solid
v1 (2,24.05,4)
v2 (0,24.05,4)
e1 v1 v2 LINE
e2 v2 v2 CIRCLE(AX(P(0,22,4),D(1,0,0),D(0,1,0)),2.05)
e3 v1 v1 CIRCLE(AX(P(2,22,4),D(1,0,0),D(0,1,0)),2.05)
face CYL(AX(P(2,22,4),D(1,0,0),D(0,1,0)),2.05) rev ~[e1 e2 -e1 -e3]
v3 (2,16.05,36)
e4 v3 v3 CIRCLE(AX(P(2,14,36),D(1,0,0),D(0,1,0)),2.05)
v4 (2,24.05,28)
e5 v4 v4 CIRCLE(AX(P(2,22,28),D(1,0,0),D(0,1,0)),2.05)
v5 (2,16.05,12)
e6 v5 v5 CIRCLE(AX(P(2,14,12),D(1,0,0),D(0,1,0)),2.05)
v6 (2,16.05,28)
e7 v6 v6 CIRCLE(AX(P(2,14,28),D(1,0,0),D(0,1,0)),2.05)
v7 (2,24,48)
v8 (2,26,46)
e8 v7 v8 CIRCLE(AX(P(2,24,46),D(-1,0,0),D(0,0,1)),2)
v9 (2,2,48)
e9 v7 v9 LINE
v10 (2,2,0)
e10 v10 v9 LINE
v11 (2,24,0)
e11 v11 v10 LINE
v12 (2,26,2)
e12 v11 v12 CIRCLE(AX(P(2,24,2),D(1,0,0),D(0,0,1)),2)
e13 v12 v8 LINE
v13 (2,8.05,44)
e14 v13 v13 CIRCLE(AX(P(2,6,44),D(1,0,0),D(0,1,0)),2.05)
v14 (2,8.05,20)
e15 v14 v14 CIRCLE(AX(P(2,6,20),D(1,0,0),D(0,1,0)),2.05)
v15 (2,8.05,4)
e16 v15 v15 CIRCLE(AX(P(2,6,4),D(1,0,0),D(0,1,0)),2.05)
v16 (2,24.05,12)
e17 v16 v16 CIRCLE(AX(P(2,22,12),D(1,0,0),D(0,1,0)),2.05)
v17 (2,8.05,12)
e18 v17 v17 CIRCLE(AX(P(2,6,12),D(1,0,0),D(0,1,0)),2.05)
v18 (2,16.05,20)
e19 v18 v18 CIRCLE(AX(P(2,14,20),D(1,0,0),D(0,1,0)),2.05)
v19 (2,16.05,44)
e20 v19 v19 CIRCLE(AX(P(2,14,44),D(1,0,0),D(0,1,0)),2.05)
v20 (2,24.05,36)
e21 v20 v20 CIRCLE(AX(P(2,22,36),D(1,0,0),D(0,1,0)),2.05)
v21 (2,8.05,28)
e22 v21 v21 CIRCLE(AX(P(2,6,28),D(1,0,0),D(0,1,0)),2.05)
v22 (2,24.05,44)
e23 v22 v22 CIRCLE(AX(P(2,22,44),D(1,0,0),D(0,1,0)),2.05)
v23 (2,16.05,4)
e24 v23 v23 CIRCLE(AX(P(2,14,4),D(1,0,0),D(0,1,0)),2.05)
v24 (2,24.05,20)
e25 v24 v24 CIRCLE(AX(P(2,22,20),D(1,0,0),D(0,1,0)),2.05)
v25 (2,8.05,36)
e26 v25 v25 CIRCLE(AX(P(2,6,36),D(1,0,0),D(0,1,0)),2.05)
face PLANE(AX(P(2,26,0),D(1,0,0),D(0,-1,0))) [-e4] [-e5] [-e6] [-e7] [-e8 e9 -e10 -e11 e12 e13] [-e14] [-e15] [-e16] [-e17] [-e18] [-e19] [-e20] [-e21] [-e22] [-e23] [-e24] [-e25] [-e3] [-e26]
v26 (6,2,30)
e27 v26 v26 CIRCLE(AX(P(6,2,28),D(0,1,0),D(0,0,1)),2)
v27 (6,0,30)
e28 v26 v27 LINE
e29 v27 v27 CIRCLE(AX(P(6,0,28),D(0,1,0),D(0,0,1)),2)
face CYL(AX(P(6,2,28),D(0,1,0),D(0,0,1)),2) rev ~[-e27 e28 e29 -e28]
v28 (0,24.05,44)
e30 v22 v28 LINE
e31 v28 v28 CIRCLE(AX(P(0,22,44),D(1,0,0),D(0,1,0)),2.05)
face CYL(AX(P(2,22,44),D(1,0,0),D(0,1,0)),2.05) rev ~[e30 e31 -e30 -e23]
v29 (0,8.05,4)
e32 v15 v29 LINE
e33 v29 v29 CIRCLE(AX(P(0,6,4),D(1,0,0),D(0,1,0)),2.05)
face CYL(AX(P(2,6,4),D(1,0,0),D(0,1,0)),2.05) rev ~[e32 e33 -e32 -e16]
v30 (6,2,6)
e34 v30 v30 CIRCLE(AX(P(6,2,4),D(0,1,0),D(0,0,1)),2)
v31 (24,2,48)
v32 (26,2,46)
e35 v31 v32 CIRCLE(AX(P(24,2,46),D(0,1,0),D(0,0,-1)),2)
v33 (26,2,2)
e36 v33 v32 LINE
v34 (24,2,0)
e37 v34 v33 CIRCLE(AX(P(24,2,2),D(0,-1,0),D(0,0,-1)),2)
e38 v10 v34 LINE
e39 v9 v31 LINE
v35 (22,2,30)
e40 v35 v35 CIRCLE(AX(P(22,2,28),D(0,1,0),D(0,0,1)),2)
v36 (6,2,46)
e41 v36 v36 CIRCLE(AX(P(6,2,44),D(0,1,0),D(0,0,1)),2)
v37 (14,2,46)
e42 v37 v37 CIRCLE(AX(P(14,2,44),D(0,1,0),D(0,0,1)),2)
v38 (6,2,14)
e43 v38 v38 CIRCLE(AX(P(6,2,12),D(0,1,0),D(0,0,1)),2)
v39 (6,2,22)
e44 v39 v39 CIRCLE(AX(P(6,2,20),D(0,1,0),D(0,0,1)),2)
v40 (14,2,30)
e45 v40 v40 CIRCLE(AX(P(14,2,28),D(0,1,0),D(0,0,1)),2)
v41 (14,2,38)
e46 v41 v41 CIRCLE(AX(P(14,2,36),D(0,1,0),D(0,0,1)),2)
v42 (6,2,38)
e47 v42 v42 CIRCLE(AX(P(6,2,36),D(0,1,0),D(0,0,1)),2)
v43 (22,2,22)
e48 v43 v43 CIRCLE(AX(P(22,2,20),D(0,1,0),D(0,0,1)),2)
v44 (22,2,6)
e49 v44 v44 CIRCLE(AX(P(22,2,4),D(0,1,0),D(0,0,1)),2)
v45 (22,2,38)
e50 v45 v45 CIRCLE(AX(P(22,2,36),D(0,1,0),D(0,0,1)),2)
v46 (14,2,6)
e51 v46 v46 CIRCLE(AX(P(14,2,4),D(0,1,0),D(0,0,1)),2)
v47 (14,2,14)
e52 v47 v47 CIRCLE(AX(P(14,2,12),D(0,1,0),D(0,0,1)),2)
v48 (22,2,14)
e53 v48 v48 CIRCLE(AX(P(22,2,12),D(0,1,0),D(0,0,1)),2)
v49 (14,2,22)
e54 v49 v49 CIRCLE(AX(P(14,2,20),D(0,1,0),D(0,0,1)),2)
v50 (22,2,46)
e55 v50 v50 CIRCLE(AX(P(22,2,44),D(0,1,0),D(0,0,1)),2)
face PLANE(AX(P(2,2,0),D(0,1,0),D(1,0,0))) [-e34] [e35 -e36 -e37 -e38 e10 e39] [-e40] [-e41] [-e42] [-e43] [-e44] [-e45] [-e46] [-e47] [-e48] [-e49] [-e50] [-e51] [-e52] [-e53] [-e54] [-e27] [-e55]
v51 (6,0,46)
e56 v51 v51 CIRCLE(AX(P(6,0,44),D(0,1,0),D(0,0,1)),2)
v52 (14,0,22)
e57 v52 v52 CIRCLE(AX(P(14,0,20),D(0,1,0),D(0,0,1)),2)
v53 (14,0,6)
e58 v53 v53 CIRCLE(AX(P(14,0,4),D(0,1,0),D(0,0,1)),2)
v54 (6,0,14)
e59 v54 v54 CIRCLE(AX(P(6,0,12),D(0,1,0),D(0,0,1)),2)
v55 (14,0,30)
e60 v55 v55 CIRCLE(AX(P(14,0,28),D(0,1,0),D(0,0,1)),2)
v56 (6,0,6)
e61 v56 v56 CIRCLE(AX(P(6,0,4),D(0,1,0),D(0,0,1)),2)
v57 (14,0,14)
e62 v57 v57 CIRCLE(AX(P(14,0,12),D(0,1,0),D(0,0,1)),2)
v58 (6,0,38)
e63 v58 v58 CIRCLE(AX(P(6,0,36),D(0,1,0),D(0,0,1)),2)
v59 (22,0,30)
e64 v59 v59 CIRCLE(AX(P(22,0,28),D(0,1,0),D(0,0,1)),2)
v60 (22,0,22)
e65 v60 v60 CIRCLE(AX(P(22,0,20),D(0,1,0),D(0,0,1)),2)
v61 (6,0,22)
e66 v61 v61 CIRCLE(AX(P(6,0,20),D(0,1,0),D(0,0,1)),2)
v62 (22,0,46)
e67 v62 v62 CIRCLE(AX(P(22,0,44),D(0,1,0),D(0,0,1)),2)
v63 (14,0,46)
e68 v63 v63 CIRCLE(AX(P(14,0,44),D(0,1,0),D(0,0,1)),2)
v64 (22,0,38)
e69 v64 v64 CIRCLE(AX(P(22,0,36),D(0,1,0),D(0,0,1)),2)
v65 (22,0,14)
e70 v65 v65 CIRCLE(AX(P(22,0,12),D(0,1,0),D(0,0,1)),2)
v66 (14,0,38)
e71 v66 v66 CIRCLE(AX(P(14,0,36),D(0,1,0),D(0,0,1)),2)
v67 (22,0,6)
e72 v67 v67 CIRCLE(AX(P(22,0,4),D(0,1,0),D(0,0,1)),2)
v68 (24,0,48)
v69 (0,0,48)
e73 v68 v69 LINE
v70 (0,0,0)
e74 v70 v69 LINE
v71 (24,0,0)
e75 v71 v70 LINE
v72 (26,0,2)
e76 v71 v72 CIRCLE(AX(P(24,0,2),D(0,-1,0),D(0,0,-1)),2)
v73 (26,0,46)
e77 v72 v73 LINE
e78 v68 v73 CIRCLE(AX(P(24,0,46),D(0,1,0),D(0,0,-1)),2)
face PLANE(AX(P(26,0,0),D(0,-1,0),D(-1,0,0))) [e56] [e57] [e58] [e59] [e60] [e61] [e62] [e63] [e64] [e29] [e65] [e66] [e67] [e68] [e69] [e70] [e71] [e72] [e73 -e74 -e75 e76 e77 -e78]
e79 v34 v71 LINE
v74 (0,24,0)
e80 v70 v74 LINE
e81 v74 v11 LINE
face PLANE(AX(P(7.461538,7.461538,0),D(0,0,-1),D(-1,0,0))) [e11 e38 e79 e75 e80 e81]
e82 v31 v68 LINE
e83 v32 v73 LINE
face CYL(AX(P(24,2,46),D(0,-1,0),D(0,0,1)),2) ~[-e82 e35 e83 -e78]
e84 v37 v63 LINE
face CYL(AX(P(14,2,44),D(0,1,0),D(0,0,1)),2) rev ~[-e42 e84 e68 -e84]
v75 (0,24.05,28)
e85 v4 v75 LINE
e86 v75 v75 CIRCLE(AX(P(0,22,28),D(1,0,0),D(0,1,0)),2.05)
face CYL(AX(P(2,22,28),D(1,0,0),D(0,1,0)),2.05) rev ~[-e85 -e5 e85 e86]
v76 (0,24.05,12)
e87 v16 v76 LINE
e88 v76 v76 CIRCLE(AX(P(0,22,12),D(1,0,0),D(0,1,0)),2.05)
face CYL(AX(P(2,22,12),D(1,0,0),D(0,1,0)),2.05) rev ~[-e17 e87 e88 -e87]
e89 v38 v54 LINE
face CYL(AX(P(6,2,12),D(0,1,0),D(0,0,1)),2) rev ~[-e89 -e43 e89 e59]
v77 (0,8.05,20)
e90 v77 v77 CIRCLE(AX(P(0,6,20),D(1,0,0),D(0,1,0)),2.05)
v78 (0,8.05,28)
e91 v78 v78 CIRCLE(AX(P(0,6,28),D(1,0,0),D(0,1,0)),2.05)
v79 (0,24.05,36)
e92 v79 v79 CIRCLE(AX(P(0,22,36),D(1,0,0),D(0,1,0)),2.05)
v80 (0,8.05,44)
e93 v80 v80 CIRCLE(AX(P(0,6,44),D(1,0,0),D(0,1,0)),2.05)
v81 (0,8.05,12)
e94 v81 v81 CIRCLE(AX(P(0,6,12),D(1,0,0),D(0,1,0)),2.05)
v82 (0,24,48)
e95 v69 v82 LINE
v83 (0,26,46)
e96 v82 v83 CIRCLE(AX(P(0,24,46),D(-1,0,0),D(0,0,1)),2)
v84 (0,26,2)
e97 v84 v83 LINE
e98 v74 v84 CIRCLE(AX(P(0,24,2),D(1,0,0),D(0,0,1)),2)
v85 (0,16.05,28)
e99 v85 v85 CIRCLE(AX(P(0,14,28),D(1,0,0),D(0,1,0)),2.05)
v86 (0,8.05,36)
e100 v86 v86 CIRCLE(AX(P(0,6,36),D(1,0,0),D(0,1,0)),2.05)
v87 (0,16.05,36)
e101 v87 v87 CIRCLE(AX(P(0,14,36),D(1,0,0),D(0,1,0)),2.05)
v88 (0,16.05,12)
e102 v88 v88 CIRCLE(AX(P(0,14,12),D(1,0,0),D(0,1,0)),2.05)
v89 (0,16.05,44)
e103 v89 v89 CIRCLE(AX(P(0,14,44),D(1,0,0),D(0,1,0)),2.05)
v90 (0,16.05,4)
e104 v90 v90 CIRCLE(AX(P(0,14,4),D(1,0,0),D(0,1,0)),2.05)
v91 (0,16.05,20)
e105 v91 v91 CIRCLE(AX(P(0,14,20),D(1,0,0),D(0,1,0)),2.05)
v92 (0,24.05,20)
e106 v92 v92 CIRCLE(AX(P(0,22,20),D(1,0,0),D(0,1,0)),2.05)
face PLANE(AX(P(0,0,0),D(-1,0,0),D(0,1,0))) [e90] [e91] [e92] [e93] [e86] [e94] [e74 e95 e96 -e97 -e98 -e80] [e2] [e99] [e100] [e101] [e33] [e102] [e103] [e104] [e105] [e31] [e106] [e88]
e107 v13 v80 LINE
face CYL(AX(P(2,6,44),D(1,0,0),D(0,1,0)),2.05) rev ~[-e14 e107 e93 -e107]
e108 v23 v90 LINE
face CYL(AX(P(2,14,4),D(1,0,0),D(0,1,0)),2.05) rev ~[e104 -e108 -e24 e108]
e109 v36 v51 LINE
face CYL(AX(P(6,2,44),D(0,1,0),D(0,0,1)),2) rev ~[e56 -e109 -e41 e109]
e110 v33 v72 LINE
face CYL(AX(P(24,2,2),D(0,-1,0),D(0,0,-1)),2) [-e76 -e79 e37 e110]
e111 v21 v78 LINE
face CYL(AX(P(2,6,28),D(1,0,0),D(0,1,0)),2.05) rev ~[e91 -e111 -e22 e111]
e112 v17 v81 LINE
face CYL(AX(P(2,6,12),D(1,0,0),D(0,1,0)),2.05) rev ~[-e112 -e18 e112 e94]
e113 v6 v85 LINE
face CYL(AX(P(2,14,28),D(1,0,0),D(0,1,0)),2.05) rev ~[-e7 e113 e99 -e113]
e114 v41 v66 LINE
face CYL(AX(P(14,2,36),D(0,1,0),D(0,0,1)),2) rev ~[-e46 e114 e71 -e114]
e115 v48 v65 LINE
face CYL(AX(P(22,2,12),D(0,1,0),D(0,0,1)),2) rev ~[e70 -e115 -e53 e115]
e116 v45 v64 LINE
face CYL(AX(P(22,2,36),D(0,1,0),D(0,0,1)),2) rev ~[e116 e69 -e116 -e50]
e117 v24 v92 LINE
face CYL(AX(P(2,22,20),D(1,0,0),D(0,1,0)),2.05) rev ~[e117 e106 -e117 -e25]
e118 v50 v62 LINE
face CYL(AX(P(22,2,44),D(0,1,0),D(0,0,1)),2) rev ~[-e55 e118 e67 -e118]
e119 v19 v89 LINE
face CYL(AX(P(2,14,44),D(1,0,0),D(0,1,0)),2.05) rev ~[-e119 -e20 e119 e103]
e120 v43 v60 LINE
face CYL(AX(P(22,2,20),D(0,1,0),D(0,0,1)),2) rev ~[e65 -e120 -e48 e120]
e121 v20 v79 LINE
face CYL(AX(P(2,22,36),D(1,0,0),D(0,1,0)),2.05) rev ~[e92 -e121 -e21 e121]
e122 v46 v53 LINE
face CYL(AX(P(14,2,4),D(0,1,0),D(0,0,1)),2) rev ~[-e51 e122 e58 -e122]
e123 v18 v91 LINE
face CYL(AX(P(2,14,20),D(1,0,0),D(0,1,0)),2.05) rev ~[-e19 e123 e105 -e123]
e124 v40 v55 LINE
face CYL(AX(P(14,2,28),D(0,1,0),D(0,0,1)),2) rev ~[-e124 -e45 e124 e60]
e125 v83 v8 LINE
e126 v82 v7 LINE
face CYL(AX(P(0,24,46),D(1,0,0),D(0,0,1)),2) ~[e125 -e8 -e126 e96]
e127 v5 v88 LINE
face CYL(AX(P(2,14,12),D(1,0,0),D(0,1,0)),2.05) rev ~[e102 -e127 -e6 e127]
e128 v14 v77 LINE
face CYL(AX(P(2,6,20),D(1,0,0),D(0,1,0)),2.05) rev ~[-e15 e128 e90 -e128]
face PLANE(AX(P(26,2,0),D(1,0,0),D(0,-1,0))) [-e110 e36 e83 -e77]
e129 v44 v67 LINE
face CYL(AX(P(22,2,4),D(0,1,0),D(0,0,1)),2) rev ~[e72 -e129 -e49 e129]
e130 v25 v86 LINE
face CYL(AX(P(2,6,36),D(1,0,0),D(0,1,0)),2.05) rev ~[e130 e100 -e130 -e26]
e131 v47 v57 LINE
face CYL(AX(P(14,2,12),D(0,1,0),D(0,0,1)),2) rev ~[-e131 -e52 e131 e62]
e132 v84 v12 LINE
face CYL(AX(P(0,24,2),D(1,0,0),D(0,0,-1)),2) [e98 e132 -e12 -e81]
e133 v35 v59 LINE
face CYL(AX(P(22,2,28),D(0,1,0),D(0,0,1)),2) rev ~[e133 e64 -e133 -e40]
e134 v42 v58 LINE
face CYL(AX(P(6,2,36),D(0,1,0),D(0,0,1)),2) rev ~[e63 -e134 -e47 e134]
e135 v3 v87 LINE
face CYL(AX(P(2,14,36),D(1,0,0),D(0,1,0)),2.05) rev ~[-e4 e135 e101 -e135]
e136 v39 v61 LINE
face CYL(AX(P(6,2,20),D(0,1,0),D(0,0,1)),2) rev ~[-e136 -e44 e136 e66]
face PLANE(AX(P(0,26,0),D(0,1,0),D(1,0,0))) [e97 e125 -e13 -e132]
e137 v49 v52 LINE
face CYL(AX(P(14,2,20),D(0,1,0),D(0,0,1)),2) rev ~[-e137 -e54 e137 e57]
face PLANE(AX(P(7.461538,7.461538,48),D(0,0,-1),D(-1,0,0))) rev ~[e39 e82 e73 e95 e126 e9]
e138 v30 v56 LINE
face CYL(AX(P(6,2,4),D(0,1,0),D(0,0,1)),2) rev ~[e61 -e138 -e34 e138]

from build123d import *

# Parameters (mm, degrees)
BOSS_EXTRUDE1_DEPTH  = 48
SKETCH2_R            = 2.05
CUT_EXTRUDE1_DEPTH   = 60.632206064
LPATTERN1_COUNT      = 6
LPATTERN1_PITCH      = 8
LPATTERN1_COUNT_DIR2 = 3
LPATTERN1_PITCH_DIR2 = 8
SKETCH3_R            = 2
CUT_EXTRUDE2_DEPTH   = 60.632206064
LPATTERN2_COUNT      = 6
LPATTERN2_PITCH      = 8
LPATTERN2_COUNT_DIR2 = 3
LPATTERN2_PITCH_DIR2 = 8
FILLET1_R            = 2


with BuildPart() as part:
    # Sketch1 → Boss-Extrude1 (new body)
    with BuildSketch(Plane.XY):
        Polygon((0, 0), (0, 26), (2, 26), (2, 2), (26, 2), (26, 0), align=None)
    extrude(amount=BOSS_EXTRUDE1_DEPTH)

    # Sketch2 → Cut-Extrude1 (cut, through all)
    with BuildSketch(Plane(origin=(2, 0, 0), x_dir=(0, 0, -1), z_dir=(1, 0, 0))):
        with Locations(Location((-44, 22, 0), (0, 0, 90))):
            Circle(SKETCH2_R)
    cut_extrude1 = extrude(amount=-CUT_EXTRUDE1_DEPTH, mode=Mode.SUBTRACT)

    # LPattern1: Cut-Extrude1 6 × 3
    with Locations(*[(0, -j * LPATTERN1_PITCH_DIR2, -i * LPATTERN1_PITCH) for i in range(LPATTERN1_COUNT) for j in range(LPATTERN1_COUNT_DIR2) if (i, j) != (0, 0)]):
        add(cut_extrude1, mode=Mode.SUBTRACT)

    # Sketch3 → Cut-Extrude2 (cut, through all)
    with BuildSketch(Plane(origin=(0, 2, 0), x_dir=(1, 0, 0), z_dir=(0, 1, 0))):
        with Locations(Location((22, -4, 0), (0, 0, 270))):
            Circle(SKETCH3_R)
    cut_extrude2 = extrude(amount=-CUT_EXTRUDE2_DEPTH, mode=Mode.SUBTRACT)

    # LPattern2: Cut-Extrude2 6 × 3
    with Locations(*[(-j * LPATTERN2_PITCH_DIR2, 0, i * LPATTERN2_PITCH) for i in range(LPATTERN2_COUNT) for j in range(LPATTERN2_COUNT_DIR2) if (i, j) != (0, 0)]):
        add(cut_extrude2, mode=Mode.SUBTRACT)

    # Fillet1
    fillet1_edges = [part.edges().sort_by_distance(p)[0] for p in [
        (1, 26, 48),
        (1, 26, 0),
        (26, 1, 48),
        (26, 1, 0),
    ]]
    fillet(fillet1_edges, radius=FILLET1_R)


solid = part.part
